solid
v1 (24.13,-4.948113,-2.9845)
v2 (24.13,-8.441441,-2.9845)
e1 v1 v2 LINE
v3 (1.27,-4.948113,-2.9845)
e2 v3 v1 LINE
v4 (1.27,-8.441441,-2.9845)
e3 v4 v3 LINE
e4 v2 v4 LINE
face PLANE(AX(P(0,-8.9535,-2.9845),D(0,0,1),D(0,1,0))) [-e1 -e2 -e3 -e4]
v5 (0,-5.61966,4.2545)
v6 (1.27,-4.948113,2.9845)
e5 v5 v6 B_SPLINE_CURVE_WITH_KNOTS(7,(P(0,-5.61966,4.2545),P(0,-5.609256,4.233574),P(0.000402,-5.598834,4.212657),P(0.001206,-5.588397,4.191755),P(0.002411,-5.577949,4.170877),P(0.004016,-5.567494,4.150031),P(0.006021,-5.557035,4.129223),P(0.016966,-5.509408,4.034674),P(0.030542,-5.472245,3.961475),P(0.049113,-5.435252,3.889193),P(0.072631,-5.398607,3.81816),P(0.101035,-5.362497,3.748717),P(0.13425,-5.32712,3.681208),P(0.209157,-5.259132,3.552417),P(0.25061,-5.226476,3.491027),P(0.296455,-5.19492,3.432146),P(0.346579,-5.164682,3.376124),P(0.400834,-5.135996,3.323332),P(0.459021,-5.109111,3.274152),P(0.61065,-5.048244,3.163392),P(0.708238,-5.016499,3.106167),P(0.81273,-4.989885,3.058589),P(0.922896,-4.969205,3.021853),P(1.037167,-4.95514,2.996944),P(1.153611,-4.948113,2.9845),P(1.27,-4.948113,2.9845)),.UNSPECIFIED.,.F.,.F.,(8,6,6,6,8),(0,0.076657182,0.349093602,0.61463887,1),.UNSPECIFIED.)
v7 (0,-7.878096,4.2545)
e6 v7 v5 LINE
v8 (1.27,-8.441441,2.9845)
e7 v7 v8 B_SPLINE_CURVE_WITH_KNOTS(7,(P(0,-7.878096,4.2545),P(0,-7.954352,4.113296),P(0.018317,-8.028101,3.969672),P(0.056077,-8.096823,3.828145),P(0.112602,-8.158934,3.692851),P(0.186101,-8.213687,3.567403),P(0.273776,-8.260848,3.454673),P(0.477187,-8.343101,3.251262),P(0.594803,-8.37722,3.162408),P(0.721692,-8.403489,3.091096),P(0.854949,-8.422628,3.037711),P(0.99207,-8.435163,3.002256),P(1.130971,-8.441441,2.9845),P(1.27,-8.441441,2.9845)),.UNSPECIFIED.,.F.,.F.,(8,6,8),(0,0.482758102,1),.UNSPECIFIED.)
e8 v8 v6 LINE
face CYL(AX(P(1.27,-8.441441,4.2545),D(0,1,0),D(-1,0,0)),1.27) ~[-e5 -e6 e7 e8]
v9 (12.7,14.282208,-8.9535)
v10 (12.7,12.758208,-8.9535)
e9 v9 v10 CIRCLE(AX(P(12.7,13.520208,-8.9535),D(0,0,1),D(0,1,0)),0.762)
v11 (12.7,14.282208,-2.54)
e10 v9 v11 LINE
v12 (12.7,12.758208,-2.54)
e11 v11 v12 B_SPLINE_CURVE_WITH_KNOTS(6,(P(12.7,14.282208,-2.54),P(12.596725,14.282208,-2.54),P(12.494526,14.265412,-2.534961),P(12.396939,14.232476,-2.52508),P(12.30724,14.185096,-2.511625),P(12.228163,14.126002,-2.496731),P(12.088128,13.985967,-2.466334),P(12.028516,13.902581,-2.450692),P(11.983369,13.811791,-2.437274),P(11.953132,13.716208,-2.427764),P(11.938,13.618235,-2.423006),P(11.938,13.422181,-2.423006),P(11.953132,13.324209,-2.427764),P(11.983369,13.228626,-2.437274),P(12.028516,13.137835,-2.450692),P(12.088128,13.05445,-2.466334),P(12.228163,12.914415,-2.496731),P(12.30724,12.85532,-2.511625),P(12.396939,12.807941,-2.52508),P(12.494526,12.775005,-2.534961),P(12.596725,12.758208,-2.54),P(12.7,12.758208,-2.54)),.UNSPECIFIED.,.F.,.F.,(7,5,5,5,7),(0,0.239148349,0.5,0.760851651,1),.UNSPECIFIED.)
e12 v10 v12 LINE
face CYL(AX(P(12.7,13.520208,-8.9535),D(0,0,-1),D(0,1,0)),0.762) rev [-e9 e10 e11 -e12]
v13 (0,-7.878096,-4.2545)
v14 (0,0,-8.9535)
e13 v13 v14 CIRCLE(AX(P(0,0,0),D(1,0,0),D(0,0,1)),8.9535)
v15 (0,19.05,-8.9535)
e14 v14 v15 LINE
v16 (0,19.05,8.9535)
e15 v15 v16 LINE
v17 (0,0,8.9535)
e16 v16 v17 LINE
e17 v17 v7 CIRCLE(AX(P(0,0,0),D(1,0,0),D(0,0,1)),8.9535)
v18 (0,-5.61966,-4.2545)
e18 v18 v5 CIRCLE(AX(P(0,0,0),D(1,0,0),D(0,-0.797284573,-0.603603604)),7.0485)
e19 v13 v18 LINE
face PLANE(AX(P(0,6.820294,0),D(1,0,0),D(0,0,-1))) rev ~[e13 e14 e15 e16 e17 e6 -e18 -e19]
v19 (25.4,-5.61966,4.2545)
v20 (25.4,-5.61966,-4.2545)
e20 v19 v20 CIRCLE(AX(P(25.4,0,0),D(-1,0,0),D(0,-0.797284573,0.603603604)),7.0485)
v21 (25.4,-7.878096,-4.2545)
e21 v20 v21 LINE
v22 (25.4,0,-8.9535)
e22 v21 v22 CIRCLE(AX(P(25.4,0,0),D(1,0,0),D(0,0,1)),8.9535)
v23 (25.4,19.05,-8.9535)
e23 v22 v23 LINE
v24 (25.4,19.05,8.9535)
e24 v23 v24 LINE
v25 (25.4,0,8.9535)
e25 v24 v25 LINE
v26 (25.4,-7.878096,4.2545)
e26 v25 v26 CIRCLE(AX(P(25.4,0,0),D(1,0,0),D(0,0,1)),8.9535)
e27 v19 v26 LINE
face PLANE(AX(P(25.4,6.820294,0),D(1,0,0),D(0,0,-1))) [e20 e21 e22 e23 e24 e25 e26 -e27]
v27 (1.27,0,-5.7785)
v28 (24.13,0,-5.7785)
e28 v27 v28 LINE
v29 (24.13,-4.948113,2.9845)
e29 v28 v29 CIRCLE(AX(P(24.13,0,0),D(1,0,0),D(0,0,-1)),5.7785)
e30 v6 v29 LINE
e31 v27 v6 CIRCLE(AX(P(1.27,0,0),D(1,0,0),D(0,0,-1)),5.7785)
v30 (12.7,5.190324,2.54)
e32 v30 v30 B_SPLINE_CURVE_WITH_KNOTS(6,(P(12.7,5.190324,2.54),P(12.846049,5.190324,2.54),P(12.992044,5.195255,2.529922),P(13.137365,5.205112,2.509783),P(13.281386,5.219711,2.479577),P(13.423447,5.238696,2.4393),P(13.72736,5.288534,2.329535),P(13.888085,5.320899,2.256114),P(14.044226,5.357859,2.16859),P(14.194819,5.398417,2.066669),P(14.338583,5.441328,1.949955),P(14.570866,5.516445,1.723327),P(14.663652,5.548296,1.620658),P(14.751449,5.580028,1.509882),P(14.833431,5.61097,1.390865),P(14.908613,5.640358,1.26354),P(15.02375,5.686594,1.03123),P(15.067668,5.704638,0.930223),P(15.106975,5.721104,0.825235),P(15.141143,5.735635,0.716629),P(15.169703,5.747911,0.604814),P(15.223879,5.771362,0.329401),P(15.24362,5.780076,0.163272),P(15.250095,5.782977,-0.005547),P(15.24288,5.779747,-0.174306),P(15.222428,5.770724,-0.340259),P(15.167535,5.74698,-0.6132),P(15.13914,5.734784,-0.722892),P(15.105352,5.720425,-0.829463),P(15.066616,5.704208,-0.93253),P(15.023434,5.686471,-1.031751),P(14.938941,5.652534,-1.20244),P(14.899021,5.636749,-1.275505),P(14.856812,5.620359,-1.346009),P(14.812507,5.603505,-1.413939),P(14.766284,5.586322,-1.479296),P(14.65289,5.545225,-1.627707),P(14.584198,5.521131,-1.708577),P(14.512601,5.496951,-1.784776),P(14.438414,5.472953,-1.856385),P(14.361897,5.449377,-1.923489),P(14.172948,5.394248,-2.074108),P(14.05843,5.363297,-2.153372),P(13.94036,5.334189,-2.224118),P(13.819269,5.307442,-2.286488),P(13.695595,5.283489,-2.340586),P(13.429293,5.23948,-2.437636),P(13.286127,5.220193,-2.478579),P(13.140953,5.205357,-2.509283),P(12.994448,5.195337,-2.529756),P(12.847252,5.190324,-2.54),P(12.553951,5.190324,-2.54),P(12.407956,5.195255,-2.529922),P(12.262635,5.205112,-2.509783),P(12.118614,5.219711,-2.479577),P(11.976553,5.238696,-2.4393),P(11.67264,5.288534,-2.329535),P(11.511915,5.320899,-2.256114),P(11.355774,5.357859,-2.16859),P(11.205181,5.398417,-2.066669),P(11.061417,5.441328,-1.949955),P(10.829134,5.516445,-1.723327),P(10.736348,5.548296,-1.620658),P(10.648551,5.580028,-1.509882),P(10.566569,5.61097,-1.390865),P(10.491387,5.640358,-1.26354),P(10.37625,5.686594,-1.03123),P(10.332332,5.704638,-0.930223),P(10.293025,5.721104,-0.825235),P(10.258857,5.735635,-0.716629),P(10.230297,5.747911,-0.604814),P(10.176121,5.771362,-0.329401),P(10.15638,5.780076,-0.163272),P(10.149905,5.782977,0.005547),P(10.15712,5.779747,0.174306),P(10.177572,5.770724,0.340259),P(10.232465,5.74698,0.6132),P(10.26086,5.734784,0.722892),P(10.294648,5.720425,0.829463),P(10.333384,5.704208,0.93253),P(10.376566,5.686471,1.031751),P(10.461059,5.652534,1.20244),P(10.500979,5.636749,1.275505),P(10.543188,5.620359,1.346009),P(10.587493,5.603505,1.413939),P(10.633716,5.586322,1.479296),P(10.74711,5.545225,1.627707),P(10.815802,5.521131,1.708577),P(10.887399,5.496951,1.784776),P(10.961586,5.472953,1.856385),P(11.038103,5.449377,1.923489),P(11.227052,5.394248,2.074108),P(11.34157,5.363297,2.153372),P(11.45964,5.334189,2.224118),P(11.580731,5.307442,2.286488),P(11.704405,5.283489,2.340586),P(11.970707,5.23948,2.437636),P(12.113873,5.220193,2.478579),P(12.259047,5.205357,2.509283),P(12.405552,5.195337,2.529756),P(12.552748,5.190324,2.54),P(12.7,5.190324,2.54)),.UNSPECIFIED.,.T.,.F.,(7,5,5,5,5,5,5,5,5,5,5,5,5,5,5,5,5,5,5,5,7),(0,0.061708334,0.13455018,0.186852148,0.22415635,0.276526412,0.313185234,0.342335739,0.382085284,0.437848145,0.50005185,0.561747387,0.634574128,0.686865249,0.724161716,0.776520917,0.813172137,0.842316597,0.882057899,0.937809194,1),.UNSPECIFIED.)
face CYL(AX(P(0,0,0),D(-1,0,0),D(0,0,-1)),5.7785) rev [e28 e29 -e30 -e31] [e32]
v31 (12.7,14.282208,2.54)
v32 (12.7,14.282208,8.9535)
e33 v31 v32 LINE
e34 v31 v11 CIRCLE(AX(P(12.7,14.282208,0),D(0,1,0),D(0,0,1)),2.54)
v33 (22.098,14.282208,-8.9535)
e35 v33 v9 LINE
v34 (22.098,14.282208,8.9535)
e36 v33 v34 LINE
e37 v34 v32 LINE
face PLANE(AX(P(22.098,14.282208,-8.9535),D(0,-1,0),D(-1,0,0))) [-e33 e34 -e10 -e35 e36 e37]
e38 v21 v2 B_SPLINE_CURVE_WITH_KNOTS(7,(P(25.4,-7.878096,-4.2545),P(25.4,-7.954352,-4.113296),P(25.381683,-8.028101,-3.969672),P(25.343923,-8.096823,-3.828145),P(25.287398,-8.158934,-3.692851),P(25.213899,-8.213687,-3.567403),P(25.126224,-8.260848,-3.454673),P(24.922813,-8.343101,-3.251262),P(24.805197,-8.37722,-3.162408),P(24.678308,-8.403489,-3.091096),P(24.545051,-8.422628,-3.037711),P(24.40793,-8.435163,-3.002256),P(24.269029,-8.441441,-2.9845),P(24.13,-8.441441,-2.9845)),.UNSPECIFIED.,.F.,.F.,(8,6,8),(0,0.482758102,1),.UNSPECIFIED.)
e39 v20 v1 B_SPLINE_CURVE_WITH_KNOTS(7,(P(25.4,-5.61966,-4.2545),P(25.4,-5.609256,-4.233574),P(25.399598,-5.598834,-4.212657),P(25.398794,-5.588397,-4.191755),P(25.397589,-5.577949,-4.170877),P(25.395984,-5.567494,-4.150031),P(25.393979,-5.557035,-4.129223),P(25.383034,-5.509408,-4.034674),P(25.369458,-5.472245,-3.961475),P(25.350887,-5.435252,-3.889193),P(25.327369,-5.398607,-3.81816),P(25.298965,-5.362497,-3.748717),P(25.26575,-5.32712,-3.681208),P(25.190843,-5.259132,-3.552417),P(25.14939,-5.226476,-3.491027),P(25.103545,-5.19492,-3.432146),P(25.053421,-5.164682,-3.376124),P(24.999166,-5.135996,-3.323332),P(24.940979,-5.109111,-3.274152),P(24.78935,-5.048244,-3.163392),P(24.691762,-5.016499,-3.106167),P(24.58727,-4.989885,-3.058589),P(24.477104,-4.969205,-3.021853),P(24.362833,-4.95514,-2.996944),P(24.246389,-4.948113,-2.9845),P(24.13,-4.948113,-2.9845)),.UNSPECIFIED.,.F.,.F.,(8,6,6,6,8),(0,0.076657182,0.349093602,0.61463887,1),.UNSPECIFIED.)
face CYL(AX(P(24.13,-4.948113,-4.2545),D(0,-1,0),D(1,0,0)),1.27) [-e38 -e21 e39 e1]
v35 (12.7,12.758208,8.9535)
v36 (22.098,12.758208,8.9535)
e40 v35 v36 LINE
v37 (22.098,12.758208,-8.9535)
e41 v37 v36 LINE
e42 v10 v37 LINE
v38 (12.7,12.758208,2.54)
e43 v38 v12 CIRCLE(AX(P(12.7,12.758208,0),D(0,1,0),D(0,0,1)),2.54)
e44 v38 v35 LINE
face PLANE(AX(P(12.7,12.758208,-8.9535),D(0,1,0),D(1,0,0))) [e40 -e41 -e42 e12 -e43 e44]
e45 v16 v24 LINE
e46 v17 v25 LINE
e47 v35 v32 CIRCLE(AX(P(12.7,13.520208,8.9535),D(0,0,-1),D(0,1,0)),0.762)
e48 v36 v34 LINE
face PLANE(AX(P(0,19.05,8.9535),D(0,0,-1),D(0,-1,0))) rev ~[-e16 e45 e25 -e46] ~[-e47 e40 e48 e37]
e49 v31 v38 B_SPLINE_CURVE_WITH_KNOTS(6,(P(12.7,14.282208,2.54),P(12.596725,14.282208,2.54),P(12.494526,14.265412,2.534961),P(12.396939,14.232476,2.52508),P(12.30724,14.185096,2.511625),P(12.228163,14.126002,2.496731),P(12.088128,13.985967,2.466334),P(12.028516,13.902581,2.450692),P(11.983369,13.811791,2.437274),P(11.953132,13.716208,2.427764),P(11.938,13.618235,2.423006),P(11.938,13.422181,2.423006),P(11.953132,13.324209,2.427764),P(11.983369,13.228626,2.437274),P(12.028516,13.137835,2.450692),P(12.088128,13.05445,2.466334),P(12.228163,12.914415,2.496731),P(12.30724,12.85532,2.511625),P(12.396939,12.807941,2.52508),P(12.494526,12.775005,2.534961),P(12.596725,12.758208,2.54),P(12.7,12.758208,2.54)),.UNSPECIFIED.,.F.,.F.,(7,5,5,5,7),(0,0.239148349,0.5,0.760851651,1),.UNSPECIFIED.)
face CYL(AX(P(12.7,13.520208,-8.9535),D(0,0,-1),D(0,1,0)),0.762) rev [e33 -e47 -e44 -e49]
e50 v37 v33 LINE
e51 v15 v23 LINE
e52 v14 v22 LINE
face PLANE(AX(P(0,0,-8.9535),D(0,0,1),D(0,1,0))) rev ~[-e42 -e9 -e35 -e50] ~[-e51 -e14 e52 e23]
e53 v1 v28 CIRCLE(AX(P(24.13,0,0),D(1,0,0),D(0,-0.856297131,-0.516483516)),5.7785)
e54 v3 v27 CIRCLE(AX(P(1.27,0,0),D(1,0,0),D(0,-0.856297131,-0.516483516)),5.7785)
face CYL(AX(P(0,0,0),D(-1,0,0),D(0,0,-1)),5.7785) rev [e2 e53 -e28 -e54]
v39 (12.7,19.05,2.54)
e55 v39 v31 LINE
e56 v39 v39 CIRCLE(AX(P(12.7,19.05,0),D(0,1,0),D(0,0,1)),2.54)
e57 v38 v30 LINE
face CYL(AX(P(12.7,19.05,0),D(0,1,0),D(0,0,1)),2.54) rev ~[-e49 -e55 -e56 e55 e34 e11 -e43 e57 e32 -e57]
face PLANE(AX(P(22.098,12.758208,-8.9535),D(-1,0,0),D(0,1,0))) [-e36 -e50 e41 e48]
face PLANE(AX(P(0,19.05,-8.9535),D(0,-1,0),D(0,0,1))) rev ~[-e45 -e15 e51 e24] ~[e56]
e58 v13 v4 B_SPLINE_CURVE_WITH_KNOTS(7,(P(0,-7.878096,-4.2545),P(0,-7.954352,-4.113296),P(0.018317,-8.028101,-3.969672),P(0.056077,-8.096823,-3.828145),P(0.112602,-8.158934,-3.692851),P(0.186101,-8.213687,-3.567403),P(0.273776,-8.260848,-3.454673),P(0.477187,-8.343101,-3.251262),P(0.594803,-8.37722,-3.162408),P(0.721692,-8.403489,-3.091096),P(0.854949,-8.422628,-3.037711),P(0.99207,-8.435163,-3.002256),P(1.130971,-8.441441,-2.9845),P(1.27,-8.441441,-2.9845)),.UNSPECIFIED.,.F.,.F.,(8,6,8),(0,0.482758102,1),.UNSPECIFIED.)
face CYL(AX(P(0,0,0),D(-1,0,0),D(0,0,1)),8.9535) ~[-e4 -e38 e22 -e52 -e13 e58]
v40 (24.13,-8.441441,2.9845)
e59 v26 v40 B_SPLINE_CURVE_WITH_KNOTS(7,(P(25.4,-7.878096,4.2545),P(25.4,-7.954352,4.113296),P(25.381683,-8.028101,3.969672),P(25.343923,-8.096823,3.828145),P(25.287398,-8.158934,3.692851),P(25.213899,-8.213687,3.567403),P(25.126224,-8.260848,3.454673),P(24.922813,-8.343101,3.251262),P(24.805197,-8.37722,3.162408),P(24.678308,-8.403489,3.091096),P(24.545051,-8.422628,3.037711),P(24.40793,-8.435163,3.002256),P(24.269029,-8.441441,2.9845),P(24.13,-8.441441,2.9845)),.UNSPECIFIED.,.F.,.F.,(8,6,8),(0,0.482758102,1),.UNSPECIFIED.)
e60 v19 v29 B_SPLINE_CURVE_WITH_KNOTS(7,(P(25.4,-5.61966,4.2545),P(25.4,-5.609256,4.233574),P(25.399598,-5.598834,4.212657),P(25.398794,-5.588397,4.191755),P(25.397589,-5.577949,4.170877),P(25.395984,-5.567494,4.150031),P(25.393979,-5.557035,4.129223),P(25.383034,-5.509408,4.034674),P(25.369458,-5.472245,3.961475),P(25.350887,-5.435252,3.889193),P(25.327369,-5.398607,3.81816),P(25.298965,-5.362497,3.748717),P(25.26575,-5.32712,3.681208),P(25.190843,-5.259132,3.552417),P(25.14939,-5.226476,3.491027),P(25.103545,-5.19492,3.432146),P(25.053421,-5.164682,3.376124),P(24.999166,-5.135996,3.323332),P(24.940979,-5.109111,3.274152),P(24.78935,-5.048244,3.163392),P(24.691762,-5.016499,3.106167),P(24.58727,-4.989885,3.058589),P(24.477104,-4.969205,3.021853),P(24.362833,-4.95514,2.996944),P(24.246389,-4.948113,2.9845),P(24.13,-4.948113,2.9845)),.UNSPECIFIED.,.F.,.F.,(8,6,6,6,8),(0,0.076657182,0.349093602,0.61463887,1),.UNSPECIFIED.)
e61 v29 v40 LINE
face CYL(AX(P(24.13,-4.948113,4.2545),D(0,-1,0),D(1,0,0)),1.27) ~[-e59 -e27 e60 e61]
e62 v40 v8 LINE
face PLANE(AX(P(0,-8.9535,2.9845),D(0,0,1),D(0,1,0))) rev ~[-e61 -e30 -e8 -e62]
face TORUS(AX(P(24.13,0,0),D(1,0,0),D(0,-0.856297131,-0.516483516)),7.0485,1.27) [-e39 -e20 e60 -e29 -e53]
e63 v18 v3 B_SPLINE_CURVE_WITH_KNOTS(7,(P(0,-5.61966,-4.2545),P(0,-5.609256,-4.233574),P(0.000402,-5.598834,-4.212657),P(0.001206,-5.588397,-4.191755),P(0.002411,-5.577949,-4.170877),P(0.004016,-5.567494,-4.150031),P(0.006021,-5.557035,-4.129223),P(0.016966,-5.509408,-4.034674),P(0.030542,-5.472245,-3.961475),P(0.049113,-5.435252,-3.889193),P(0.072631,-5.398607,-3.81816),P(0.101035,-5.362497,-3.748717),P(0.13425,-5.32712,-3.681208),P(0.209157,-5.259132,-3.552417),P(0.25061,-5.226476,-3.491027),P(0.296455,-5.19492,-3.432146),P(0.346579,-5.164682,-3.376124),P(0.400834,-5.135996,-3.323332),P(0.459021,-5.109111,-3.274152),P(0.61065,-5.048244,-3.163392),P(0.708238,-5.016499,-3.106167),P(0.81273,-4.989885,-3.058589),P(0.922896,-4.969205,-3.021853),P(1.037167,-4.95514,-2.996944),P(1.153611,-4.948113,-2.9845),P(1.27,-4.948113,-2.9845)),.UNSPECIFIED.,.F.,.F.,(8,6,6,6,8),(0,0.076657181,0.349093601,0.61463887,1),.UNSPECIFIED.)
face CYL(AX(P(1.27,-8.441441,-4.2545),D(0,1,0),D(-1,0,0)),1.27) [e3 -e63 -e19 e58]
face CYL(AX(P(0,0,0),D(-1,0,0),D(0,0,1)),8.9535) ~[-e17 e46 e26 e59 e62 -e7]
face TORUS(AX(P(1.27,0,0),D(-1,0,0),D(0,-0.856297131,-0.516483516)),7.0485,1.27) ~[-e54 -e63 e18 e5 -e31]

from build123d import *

# Parameters (mm, degrees)
SKETCH1_R           = 5.7785
BOSS_EXTRUDE1_DEPTH = 25.4
CUT_EXTRUDE1_REACH  = 40.853
SKETCH2_R           = 2.54
SKETCH3_W           = 5.969
SKETCH3_H           = 4.005387026
CUT_EXTRUDE2_DEPTH  = 33.988295999
FILLET1_R           = 1.27
CUT_EXTRUDE4_DEPTH  = 31.887708266


with BuildPart() as part:
    # Sketch1 → Boss-Extrude1 (new body)
    with BuildSketch(Plane(origin=(0, 0, 0), x_dir=(0, 0, -1), z_dir=(1, 0, 0))):
        with BuildLine():
            Line((-8.9535, 19.05), (-8.9535, 0))
            ThreePointArc((-8.9535, 0), (0, -8.9535), (8.9535, 0))
            Line((8.9535, 0), (8.9535, 19.05))
            Line((8.9535, 19.05), (-8.9535, 19.05))
        make_face()
        Circle(SKETCH1_R, mode=Mode.SUBTRACT)
    extrude(amount=BOSS_EXTRUDE1_DEPTH)

    # Sketch2 → Cut-Extrude1 (cut, up to next)
    with BuildSketch(Plane(origin=(0, 19.05, 0), x_dir=(1, 0, 0), z_dir=(0, 1, 0)), mode=Mode.PRIVATE) as cut_extrude1_sk1:
        with Locations(Location((12.7, 0, 0), (0, 0, 270))):
            Circle(SKETCH2_R)
    cut_extrude1_tool1 = extrude(cut_extrude1_sk1.sketch, amount=-CUT_EXTRUDE1_REACH, mode=Mode.PRIVATE) & part.part
    add(cut_extrude1_tool1.solids().sort_by_distance((12.7, 19.05, 0))[0], mode=Mode.SUBTRACT)
    add(cut_extrude1_tool1.solids().sort_by_distance((12.7, 19.05, 0))[1], mode=Mode.SUBTRACT)

    # Sketch3 → Cut-Extrude2 (cut, through all)
    with BuildSketch(Plane.ZY):
        with Locations((0, -6.950806487)):
            Rectangle(SKETCH3_W, SKETCH3_H)
    extrude(amount=-CUT_EXTRUDE2_DEPTH, mode=Mode.SUBTRACT)

    # Fillet1
    fillet1_edges = [part.edges().sort_by_distance(p)[0] for p in [
        (0, 5.031748975, 2.84122588),
        (0, -6.694776864, 2.9845),
        (25.4, 5.031748975, 2.84122588),
        (0, -6.694776864, -2.9845),
        (25.4, -6.694776864, -2.9845),
        (25.4, -6.694776864, 2.9845),
    ]]
    fillet(fillet1_edges, radius=FILLET1_R)

    # Sketch6 → Cut-Extrude4 (cut, through all)
    with BuildSketch(Plane(origin=(16.4465, 0, -8.9535), x_dir=(1, 0, 0), z_dir=(0, 0, 1))):
        with BuildLine():
            Line((5.6515, 14.282208418), (-3.7465, 14.282208418))
            ThreePointArc((-3.7465, 14.282208418), (-4.5085, 13.520208418), (-3.7465, 12.758208418))
            Line((-3.7465, 12.758208418), (5.6515, 12.758208418))
            Line((5.6515, 12.758208418), (5.6515, 14.282208418))
        make_face()
    extrude(amount=CUT_EXTRUDE4_DEPTH, mode=Mode.SUBTRACT)


solid = part.part
